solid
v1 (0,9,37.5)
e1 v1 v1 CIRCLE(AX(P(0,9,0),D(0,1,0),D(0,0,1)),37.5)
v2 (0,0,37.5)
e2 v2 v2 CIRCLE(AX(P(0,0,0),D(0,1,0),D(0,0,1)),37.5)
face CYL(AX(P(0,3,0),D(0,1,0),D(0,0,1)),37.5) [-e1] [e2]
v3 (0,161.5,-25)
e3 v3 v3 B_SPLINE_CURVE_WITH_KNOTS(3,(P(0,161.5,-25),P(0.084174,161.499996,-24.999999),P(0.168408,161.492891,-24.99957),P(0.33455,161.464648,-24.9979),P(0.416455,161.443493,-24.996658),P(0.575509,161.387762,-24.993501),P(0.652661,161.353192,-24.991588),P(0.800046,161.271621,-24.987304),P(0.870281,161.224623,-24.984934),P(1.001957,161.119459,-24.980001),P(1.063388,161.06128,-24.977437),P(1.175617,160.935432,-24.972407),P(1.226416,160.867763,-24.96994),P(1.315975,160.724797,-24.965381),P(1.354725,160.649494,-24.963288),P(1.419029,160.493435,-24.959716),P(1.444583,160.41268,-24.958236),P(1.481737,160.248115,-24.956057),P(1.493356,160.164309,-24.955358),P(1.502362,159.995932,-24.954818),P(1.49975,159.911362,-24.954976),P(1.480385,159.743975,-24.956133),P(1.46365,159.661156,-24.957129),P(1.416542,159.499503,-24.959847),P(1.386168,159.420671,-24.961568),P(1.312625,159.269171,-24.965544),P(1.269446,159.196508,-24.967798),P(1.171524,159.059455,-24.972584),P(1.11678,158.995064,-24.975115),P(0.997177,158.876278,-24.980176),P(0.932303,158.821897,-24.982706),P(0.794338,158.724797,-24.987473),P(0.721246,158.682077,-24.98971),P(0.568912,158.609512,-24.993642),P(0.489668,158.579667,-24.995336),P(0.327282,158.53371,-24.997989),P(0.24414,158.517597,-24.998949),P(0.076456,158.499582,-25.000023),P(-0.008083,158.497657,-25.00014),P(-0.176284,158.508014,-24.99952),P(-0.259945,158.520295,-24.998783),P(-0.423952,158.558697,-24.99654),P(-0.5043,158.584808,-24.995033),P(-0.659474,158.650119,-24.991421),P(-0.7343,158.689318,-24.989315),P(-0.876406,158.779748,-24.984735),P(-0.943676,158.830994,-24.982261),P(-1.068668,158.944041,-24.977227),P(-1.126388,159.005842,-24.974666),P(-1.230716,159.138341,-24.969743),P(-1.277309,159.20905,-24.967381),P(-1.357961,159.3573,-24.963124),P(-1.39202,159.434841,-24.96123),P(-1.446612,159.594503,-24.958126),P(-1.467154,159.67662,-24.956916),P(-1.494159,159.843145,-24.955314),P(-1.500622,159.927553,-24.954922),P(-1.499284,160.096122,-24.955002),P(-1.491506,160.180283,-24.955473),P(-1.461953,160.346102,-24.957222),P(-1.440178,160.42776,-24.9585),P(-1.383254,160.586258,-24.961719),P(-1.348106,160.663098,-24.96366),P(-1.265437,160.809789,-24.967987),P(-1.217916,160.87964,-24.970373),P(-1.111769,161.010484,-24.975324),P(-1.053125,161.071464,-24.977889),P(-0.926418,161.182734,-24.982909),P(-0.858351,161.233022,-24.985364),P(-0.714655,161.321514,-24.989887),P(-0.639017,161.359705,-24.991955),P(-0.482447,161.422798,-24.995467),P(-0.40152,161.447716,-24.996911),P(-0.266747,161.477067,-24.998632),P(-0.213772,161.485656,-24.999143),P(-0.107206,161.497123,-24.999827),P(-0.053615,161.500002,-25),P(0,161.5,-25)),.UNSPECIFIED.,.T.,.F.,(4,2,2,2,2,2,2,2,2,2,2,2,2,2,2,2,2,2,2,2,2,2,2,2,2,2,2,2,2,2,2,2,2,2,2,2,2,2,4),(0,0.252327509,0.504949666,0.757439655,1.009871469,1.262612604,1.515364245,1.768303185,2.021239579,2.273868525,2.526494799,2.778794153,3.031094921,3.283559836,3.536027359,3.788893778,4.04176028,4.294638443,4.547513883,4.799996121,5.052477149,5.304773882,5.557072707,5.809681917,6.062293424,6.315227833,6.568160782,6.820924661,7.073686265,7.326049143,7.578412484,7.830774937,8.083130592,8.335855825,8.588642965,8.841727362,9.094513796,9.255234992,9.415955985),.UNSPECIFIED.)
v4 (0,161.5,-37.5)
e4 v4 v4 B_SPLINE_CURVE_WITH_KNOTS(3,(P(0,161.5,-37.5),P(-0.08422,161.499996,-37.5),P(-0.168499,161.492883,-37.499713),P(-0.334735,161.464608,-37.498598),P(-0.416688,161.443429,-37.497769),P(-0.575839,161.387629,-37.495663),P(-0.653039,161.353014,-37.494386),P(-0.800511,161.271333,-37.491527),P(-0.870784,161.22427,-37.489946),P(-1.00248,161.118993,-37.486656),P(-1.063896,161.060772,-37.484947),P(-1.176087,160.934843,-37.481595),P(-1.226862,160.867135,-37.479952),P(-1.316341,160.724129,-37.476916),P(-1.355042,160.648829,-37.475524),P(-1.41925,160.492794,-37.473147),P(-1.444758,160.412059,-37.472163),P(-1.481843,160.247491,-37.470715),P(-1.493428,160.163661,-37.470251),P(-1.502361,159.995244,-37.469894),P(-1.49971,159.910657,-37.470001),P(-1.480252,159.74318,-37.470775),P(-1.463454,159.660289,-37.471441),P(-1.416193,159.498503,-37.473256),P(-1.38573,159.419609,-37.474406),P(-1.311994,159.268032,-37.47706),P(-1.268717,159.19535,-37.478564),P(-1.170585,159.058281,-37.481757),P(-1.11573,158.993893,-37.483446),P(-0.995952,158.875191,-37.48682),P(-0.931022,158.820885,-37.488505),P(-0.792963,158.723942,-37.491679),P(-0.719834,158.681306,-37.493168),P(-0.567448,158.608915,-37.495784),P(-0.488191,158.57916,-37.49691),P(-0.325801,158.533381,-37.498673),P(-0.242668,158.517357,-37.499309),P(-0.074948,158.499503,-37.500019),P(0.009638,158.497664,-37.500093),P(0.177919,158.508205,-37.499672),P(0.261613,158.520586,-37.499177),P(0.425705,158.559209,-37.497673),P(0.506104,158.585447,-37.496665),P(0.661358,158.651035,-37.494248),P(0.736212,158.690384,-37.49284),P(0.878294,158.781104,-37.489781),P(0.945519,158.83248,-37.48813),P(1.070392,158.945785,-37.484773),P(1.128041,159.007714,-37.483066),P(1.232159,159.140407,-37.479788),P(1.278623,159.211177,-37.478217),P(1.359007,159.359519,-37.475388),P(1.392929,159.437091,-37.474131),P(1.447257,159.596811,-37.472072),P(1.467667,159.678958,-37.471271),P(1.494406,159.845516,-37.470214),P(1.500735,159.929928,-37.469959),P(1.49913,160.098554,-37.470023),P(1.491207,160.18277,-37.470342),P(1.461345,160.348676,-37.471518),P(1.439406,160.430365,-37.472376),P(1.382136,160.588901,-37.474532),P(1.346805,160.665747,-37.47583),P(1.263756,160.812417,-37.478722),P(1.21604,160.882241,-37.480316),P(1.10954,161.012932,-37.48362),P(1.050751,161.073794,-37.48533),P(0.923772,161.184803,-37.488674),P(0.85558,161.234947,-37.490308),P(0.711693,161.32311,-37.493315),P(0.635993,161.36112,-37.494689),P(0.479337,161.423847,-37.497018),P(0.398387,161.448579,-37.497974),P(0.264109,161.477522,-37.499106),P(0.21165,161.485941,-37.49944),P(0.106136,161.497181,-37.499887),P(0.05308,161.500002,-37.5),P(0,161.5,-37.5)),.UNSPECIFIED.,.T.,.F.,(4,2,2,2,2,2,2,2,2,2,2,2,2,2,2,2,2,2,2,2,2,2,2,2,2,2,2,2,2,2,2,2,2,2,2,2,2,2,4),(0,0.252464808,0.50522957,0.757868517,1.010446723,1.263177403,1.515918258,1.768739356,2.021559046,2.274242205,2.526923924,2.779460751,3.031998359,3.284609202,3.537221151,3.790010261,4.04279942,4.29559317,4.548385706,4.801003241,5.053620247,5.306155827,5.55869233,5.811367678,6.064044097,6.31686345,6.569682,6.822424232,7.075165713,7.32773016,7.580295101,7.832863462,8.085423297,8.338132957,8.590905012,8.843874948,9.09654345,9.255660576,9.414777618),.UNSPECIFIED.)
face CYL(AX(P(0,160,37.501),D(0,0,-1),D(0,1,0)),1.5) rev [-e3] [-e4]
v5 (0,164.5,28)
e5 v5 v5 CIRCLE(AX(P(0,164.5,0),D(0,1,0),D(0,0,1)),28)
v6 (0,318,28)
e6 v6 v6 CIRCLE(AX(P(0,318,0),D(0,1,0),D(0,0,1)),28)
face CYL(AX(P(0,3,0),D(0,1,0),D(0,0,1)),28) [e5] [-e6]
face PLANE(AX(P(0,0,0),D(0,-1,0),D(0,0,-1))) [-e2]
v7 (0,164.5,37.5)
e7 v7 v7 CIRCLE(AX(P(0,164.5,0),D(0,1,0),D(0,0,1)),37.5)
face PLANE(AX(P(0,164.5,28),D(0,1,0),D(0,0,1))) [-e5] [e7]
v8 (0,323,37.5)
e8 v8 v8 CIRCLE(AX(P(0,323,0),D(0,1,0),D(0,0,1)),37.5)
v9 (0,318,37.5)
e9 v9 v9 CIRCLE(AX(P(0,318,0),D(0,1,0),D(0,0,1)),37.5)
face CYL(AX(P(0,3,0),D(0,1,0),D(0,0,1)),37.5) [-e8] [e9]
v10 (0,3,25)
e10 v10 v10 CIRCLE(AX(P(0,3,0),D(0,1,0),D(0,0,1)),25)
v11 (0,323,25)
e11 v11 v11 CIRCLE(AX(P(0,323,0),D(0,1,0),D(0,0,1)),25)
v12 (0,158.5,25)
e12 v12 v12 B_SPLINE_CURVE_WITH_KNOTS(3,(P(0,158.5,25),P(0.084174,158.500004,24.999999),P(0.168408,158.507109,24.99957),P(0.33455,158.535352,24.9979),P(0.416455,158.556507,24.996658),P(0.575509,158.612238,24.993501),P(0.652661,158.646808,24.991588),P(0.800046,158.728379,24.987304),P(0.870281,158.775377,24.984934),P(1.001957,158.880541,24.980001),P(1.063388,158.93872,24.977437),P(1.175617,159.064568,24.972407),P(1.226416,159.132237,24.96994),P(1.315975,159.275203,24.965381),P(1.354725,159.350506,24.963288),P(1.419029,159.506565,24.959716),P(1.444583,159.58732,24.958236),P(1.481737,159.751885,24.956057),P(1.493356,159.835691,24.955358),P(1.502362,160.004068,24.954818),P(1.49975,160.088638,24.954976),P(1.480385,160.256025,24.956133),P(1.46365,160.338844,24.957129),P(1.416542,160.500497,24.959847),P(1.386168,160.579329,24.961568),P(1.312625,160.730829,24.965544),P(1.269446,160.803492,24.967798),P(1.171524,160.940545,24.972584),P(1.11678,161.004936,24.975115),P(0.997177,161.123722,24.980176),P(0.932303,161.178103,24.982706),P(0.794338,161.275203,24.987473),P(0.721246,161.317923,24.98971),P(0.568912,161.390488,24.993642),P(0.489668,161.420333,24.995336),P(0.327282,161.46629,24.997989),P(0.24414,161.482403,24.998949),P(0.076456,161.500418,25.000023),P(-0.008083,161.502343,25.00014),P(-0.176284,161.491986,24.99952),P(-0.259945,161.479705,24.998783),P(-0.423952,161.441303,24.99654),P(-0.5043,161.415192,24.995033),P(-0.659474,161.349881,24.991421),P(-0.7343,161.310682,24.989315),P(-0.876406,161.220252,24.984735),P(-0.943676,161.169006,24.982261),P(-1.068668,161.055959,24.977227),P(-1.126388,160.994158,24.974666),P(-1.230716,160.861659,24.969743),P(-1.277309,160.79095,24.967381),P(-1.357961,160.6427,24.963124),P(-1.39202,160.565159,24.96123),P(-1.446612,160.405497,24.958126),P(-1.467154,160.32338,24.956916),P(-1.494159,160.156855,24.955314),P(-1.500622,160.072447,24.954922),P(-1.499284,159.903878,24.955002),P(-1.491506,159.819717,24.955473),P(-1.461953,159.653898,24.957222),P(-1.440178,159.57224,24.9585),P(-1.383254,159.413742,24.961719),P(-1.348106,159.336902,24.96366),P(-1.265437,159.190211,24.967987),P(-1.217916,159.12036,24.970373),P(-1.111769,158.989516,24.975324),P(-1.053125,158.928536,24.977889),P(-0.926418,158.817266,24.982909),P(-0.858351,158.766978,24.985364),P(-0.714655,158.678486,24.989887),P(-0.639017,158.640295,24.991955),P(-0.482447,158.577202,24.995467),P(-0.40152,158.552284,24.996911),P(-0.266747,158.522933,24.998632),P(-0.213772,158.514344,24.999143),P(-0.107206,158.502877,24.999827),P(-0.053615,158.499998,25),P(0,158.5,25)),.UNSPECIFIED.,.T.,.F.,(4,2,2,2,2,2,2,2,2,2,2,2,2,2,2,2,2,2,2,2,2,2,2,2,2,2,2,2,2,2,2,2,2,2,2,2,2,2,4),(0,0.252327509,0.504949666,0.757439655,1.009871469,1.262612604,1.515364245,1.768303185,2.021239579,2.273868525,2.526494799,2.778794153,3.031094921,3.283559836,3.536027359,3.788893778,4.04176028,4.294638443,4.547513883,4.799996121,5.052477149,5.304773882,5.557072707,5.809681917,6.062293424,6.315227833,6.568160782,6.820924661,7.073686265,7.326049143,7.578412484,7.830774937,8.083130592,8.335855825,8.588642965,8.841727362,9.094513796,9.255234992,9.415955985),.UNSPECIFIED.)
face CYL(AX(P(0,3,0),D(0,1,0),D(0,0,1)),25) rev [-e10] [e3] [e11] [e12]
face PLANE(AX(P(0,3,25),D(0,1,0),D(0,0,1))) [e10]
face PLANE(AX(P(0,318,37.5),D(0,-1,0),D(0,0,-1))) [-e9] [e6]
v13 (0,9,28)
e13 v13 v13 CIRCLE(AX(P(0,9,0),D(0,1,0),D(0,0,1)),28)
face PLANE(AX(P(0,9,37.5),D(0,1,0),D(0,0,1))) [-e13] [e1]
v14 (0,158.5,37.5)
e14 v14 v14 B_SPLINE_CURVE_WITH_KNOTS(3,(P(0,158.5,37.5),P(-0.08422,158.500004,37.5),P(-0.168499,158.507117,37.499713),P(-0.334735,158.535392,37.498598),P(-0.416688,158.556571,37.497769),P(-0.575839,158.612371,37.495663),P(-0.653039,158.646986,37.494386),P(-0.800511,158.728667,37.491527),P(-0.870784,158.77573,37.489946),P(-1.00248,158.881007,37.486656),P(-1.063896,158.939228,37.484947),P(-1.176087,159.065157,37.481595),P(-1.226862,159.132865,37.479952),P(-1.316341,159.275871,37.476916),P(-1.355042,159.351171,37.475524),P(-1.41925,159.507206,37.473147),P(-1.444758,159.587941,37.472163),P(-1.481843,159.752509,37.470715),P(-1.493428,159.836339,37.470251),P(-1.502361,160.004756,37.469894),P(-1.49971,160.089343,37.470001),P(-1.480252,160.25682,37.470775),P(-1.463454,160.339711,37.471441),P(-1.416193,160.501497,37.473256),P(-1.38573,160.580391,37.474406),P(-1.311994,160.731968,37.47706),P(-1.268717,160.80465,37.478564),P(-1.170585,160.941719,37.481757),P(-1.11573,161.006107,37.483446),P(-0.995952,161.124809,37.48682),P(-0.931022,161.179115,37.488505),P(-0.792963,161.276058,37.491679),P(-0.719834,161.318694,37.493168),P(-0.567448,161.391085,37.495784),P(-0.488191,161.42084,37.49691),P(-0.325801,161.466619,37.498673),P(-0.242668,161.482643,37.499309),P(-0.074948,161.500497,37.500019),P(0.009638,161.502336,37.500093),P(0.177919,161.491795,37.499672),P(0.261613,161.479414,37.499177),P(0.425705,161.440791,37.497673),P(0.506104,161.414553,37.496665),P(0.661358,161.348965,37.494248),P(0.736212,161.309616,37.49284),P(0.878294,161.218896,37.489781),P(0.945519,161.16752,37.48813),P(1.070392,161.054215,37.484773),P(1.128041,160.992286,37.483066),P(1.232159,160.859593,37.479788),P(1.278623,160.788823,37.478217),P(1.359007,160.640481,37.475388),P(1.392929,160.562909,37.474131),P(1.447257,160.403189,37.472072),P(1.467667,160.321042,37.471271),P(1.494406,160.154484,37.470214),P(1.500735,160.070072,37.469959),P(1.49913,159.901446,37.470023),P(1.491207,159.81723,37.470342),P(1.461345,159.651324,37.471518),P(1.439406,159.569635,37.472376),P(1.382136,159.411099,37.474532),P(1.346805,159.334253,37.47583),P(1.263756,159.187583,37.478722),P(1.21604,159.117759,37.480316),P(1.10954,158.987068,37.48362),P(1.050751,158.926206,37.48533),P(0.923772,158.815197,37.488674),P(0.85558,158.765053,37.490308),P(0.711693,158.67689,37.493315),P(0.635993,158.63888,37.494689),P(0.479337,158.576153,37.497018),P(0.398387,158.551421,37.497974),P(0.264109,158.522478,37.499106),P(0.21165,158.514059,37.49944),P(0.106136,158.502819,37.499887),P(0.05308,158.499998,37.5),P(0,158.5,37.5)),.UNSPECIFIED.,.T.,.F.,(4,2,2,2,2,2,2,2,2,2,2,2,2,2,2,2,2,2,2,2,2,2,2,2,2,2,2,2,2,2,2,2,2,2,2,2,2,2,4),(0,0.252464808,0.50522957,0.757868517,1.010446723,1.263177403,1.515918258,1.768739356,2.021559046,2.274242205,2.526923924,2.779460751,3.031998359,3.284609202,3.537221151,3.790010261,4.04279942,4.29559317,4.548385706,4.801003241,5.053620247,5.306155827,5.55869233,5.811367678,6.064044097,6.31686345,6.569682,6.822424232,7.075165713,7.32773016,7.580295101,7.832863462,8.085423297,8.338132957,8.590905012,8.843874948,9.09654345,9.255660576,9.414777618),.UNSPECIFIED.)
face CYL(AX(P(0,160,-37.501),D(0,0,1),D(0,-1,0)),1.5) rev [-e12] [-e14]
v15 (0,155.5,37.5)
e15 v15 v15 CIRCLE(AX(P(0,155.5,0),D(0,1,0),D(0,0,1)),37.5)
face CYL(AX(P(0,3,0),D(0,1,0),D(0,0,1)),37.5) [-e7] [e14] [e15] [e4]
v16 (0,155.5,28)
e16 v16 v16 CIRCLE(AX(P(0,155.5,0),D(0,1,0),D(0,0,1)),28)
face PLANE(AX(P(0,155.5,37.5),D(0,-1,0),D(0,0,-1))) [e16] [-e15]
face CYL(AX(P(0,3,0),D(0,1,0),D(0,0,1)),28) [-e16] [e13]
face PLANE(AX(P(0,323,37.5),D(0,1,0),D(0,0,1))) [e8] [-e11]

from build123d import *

# Parameters (mm, degrees)
CUT_EXTRUDE1_REACH      = 335.707
CUT_EXTRUDE1_END_RADIUS = 25
SKETCH2_R               = 1.5
CIRPATTERN1_COUNT       = 2


with BuildPart() as part:
    # Sketch1 → Revolve1 (revolve)
    with BuildSketch(Plane(origin=(0, 0, 0), x_dir=(0, 0, -1), z_dir=(1, 0, 0))):
        Polygon((0, 0), (-37.5, 0), (-37.5, 9), (-28, 9), (-28, 155.5), (-37.5, 155.5), (-37.5, 164.5), (-28, 164.5), (-28, 318), (-37.5, 318), (-37.5, 323), (-25, 323), (-25, 3), (0, 3), align=None)
    revolve(axis=Axis((0, 3, 0), (0, -1, 0)))

    # Cut-Extrude1: up to this cylinder (the profile starts outside it)
    cut_extrude1_end = Plane(origin=(0, 160, 0), z_dir=(0, 1, 0)) * Cylinder(CUT_EXTRUDE1_END_RADIUS, 722.414, mode=Mode.PRIVATE)
    # Sketch2 → Cut-Extrude1 (cut, up to the surface)
    with BuildSketch(Plane(origin=(0, 0, -37.5), x_dir=(-1, 0, 0), z_dir=(0, 0, -1)), mode=Mode.PRIVATE) as cut_extrude1_sk1:
        with Locations(Location((0, 160, 0), (0, 0, 90))):
            Circle(SKETCH2_R)
    cut_extrude1_tool1 = extrude(cut_extrude1_sk1.sketch, amount=-CUT_EXTRUDE1_REACH, mode=Mode.PRIVATE) - cut_extrude1_end
    cut_extrude1 = cut_extrude1_tool1.solids().sort_by_distance((0, 160, -37.5))[0]
    add(cut_extrude1, mode=Mode.SUBTRACT)

    # CirPattern1: Cut-Extrude1 ×2 about axis
    cirpattern1_axis = Axis((0, 3, 0), (0, 1, 0))
    for i in range(1, CIRPATTERN1_COUNT):
        add(cut_extrude1.rotate(cirpattern1_axis, i * 360 / CIRPATTERN1_COUNT), mode=Mode.SUBTRACT)


solid = part.part
